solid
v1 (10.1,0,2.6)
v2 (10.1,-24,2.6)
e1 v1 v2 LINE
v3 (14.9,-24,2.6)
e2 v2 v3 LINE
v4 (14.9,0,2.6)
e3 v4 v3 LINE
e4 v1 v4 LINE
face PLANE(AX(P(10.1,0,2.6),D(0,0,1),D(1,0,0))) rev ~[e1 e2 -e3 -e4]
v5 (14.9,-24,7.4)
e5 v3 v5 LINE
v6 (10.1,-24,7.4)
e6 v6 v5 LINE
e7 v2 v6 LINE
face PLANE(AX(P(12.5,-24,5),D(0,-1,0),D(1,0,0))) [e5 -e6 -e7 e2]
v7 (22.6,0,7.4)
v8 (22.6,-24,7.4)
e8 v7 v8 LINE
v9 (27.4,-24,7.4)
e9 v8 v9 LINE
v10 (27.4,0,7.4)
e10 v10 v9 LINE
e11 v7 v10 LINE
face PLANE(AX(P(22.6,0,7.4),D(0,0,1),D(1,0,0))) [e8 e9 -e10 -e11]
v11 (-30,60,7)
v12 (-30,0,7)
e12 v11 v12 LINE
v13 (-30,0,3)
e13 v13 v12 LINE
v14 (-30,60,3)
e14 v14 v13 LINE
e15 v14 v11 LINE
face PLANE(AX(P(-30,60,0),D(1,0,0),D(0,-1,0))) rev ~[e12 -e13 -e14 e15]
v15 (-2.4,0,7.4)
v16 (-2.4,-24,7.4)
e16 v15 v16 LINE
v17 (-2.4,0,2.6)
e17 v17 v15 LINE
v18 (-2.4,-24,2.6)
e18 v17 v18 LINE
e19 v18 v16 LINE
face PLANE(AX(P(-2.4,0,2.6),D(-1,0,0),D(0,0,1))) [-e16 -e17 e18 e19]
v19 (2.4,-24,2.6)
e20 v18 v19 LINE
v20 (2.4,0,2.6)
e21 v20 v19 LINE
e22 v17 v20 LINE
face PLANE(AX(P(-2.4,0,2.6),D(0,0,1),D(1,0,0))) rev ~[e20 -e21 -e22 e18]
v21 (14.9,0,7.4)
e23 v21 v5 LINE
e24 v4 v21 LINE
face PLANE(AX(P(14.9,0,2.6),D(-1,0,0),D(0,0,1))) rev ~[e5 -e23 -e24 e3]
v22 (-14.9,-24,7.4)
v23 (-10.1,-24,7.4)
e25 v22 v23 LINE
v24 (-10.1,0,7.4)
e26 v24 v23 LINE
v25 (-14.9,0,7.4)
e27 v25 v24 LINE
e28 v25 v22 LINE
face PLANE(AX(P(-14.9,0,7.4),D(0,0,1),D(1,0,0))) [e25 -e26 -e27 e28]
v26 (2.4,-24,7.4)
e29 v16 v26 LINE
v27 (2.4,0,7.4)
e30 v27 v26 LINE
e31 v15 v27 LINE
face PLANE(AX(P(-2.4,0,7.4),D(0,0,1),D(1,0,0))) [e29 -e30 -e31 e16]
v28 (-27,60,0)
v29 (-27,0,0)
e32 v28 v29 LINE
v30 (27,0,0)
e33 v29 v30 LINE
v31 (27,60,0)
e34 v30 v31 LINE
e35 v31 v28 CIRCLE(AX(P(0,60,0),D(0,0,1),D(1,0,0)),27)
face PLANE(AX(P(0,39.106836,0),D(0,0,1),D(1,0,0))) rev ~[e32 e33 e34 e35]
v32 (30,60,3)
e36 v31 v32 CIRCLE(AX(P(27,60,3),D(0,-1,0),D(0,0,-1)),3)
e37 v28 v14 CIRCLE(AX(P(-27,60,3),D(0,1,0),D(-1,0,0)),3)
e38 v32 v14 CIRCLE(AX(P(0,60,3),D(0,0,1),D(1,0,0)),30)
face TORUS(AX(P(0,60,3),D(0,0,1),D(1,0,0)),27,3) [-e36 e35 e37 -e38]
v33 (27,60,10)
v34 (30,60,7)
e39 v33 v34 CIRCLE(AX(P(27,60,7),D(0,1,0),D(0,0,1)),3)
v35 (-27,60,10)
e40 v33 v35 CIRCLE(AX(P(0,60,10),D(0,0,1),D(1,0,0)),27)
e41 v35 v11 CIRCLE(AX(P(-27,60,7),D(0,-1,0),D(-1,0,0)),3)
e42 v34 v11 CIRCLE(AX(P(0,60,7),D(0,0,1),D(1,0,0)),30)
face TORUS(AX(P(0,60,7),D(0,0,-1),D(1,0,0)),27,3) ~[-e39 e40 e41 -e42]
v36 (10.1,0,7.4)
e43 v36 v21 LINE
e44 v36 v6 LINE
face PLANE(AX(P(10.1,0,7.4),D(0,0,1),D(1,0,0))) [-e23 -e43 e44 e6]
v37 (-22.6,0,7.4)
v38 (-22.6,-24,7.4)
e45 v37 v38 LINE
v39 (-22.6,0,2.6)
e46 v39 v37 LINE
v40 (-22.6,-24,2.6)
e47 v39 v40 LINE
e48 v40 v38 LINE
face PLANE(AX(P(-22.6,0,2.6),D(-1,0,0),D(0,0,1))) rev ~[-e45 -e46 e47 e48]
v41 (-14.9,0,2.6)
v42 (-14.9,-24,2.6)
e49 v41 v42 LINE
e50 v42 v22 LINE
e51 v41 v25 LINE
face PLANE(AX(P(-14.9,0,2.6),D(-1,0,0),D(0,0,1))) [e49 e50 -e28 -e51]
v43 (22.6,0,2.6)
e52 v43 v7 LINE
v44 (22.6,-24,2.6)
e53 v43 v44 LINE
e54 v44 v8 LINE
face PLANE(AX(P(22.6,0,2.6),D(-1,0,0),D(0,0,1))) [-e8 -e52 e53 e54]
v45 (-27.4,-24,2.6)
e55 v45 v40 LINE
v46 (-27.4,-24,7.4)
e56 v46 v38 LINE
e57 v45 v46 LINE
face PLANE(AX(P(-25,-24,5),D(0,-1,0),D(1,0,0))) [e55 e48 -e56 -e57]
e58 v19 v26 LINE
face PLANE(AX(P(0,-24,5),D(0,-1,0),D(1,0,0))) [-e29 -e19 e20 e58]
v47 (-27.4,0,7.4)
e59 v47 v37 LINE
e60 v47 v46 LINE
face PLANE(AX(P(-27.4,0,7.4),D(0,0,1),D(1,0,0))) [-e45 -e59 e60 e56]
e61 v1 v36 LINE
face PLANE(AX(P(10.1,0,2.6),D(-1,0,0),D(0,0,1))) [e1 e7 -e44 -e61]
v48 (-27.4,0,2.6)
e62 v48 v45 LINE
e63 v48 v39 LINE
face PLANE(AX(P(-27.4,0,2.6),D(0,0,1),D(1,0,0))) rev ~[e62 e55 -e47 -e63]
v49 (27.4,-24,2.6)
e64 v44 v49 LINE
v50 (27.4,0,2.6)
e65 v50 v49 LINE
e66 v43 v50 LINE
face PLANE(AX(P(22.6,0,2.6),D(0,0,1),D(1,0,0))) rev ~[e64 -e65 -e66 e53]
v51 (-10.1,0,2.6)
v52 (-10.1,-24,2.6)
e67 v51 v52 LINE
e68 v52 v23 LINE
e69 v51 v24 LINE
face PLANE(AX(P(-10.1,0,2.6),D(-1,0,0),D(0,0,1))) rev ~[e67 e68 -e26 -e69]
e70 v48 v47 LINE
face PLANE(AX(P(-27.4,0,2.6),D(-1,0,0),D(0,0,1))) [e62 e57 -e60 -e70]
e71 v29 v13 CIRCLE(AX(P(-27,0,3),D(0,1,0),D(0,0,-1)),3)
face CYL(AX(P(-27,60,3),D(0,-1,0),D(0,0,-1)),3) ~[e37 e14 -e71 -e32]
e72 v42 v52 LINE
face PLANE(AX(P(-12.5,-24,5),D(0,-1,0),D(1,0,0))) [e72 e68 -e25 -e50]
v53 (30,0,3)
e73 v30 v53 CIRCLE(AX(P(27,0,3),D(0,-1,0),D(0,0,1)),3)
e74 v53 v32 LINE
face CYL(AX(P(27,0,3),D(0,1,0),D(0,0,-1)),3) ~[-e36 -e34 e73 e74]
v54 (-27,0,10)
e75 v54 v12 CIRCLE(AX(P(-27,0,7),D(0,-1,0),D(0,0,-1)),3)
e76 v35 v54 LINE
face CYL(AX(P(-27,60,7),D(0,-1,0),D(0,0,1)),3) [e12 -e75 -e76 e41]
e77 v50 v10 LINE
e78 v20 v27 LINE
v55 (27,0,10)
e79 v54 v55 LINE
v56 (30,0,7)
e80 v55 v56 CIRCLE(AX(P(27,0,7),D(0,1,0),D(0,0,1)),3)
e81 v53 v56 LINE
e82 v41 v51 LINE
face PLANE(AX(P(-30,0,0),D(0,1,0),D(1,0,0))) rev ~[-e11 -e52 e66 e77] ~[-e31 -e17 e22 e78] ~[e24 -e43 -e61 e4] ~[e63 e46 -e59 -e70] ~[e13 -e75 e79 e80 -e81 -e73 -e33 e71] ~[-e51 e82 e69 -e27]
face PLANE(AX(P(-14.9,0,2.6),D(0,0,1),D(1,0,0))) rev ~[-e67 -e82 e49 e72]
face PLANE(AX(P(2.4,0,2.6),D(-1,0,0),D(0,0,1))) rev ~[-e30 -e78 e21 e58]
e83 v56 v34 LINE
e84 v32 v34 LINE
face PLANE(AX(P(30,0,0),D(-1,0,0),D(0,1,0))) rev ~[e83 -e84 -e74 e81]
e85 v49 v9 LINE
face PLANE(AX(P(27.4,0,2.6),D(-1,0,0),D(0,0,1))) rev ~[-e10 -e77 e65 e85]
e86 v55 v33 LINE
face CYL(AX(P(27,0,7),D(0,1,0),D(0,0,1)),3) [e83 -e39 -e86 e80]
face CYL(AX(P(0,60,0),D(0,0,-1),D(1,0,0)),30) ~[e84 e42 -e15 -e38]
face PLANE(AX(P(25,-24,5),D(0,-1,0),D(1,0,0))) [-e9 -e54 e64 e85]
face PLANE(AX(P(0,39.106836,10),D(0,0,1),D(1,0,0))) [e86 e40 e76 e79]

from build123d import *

# Parameters (mm, degrees)
F1_DEPTH = 10
F2_W     = 4.8
F2_H     = 4.8
F3_DEPTH = 24
F4_R     = 3


with BuildPart() as f1:
    # F0 (on Top) → F1 (new body)
    with BuildSketch(Plane.XY):
        with BuildLine():
            Line((-30, 0), (30, 0))
            Line((30, 0), (30, 60))
            ThreePointArc((30, 60), (0, 90), (-30, 60))
            Line((-30, 60), (-30, 0))
        make_face()
    extrude(amount=F1_DEPTH)

    # F2 (on face) → F3 (join)
    with BuildSketch(Plane.XZ):
        with Locations((-25, 5)):
            Rectangle(F2_W, F2_H)
        with Locations((-12.5, 5)):
            Rectangle(F2_W, F2_H)
        with Locations((0, 5)):
            Rectangle(F2_W, F2_H)
        with Locations((12.5, 5)):
            Rectangle(F2_W, F2_H)
        with Locations((25, 5)):
            Rectangle(F2_W, F2_H)
    extrude(amount=F3_DEPTH)

    # F4
    f4_edges = [f1.edges().sort_by_distance(p)[0] for p in [
        (30, 30, 10),
        (30, 30, 0),
    ]]
    fillet(f4_edges, radius=F4_R)


solid = f1.part
